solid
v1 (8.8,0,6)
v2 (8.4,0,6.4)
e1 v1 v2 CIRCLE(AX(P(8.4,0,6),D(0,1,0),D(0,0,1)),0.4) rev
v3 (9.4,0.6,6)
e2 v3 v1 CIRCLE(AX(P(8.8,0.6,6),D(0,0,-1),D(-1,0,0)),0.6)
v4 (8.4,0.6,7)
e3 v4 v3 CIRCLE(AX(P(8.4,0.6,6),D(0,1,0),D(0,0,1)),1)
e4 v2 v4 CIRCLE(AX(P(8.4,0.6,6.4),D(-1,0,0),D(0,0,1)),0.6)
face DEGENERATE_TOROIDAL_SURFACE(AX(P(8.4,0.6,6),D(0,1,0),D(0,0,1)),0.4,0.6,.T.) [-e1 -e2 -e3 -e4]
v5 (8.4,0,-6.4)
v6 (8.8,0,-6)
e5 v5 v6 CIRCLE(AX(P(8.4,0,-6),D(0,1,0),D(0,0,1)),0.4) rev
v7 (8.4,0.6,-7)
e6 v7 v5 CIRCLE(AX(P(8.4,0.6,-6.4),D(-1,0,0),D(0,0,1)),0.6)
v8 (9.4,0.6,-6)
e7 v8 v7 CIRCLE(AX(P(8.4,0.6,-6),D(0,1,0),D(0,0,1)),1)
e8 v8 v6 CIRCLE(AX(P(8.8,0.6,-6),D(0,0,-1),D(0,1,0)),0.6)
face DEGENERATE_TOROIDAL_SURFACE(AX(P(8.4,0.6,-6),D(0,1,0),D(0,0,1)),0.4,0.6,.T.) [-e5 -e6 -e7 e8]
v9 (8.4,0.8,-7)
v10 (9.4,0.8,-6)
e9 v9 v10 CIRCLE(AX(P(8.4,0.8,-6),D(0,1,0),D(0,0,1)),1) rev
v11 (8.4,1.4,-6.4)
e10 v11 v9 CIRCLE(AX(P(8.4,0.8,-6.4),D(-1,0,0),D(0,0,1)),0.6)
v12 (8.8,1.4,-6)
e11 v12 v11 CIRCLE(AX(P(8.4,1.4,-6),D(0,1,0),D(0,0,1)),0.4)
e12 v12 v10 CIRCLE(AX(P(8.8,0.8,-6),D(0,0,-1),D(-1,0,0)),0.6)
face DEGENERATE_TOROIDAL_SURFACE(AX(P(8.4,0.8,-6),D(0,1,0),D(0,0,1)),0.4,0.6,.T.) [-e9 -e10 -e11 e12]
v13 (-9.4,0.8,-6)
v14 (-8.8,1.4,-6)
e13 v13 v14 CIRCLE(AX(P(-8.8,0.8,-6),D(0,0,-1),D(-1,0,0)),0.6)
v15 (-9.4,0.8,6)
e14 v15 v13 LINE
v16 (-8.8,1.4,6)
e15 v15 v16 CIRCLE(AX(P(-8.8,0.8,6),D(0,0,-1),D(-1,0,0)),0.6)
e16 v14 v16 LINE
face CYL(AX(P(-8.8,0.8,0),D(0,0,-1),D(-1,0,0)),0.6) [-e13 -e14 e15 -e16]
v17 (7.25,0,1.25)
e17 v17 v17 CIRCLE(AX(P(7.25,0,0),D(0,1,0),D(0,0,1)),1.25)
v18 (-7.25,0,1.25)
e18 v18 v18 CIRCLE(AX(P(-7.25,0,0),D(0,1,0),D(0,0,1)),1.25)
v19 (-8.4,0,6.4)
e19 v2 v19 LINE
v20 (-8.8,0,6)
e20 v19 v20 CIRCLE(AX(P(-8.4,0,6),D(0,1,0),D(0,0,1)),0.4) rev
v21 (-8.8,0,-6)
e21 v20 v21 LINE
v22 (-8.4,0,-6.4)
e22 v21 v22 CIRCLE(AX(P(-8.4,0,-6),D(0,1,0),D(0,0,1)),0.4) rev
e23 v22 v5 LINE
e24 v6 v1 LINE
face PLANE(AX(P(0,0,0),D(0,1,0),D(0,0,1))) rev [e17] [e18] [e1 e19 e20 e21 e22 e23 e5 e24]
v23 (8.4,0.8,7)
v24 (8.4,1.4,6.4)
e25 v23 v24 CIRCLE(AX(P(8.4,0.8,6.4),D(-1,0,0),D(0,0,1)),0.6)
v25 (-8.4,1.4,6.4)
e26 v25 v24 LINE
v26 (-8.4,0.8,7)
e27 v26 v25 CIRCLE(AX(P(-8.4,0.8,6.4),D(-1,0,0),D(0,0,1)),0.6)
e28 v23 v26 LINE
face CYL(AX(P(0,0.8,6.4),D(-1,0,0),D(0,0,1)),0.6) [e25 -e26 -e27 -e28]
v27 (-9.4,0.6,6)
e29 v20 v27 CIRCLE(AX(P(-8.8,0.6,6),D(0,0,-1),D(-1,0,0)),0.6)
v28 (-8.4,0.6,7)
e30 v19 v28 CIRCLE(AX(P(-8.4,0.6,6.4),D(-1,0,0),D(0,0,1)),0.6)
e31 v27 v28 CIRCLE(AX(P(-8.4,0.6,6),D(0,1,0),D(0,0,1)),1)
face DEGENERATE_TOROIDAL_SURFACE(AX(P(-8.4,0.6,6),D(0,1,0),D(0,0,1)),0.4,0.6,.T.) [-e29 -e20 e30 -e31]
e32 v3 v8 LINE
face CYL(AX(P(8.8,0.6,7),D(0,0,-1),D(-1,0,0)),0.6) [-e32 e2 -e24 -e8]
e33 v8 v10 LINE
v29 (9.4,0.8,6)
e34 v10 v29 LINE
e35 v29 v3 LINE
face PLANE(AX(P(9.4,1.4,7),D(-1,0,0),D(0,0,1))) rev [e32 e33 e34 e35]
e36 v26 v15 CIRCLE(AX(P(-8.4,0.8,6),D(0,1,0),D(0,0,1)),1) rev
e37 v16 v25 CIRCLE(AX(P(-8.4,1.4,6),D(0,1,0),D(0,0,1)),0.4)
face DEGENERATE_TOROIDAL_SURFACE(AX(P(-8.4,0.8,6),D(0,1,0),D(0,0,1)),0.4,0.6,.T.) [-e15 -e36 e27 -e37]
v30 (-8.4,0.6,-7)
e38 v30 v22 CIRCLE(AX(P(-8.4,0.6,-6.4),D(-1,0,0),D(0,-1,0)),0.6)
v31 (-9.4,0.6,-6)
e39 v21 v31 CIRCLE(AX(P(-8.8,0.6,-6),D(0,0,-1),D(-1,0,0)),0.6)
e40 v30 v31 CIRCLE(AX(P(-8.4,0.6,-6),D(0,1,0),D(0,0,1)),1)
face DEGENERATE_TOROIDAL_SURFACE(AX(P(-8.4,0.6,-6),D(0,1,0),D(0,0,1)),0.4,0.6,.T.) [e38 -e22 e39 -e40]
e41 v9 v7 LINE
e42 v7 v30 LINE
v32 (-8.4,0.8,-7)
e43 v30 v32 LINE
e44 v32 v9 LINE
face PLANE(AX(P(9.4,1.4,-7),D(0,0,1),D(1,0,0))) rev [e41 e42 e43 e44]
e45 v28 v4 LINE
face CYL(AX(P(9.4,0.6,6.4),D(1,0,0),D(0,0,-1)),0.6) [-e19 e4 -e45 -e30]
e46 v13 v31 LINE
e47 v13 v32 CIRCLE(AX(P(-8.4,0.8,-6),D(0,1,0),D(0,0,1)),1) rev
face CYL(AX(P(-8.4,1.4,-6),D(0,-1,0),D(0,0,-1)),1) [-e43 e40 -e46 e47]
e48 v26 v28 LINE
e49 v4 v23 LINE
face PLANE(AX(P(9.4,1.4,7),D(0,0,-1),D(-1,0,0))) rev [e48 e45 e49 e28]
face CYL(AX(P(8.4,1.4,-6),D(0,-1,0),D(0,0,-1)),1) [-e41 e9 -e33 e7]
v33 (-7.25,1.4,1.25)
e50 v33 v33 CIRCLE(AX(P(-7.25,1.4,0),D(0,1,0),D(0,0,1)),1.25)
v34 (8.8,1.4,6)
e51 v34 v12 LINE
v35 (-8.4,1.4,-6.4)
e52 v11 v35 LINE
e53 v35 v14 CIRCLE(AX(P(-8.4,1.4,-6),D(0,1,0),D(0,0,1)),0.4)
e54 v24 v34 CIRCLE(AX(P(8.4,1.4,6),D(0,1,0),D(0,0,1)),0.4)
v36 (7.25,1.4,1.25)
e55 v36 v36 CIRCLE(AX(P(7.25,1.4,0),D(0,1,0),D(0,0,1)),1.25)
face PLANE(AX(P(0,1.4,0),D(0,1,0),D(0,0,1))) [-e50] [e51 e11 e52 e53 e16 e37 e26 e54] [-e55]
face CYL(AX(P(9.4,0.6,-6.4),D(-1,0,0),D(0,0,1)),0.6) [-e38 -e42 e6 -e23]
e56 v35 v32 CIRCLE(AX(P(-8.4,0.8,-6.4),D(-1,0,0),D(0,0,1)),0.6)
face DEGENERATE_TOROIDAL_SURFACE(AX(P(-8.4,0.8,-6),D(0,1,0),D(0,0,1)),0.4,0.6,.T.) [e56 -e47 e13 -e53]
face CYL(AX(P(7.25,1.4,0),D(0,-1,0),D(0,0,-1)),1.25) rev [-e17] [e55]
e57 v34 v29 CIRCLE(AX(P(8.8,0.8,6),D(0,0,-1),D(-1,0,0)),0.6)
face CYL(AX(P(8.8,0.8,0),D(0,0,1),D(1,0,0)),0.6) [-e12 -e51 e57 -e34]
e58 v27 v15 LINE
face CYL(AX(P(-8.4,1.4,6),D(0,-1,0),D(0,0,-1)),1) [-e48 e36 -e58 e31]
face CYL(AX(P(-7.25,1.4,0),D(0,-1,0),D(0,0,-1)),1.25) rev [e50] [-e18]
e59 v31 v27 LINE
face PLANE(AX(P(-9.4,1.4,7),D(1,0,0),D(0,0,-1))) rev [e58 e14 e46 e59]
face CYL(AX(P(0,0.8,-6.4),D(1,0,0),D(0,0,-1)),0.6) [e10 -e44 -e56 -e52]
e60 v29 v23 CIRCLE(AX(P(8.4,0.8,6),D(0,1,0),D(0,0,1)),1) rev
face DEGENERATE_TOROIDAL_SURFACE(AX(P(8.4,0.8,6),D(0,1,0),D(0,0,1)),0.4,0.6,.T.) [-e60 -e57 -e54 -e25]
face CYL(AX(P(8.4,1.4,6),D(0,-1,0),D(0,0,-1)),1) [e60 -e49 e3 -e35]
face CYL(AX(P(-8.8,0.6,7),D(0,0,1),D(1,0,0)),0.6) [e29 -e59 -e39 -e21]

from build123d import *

# Parameters (mm, degrees)
SKETCH1_W                 = 18.8
SKETCH1_H                 = 14
SKETCH1_R                 = 1.25
CABLE_PLATE_EXTRUDE_DEPTH = 1.4
FILLET2_R                 = 1
FILLET1_R                 = 0.6


with BuildPart() as part:
    # Sketch1 → Cable Plate Extrude (new body)
    with BuildSketch(Plane(origin=(0, 0, 0), x_dir=(1, 0, 0), z_dir=(0, 1, 0))):
        Rectangle(SKETCH1_W, SKETCH1_H)
        with Locations(Location((-7.25, 0, 0), (0, 0, 270))):
            Circle(SKETCH1_R, mode=Mode.SUBTRACT)
        with Locations(Location((7.25, 0, 0), (0, 0, 270))):
            Circle(SKETCH1_R, mode=Mode.SUBTRACT)
    extrude(amount=CABLE_PLATE_EXTRUDE_DEPTH)

    # Fillet2
    fillet2_edges = [part.edges().sort_by_distance(p)[0] for p in [
        (-9.4, 0.7, -7),
        (9.4, 0.7, -7),
        (9.4, 0.7, 7),
        (-9.4, 0.7, 7),
    ]]
    fillet(fillet2_edges, radius=FILLET2_R)

    # Fillet1
    fillet1_edges = [part.edges().sort_by_distance(p)[0] for p in [
        (0, 0, 7),
        (0, 1.4, 7),
        (-9.4, 0, 0),
        (0, 0, -7),
        (9.4, 0, 0),
        (-9.107106781, 0, -6.707106781),
        (9.107106781, 0, -6.707106781),
        (9.107106781, 0, 6.707106781),
        (-9.107106781, 0, 6.707106781),
        (-9.4, 1.4, 0),
        (9.4, 1.4, 0),
        (0, 1.4, -7),
        (-9.107106781, 1.4, -6.707106781),
        (9.107106781, 1.4, -6.707106781),
        (9.107106781, 1.4, 6.707106781),
        (-9.107106781, 1.4, 6.707106781),
    ]]
    fillet(fillet1_edges, radius=FILLET1_R)


solid = part.part
